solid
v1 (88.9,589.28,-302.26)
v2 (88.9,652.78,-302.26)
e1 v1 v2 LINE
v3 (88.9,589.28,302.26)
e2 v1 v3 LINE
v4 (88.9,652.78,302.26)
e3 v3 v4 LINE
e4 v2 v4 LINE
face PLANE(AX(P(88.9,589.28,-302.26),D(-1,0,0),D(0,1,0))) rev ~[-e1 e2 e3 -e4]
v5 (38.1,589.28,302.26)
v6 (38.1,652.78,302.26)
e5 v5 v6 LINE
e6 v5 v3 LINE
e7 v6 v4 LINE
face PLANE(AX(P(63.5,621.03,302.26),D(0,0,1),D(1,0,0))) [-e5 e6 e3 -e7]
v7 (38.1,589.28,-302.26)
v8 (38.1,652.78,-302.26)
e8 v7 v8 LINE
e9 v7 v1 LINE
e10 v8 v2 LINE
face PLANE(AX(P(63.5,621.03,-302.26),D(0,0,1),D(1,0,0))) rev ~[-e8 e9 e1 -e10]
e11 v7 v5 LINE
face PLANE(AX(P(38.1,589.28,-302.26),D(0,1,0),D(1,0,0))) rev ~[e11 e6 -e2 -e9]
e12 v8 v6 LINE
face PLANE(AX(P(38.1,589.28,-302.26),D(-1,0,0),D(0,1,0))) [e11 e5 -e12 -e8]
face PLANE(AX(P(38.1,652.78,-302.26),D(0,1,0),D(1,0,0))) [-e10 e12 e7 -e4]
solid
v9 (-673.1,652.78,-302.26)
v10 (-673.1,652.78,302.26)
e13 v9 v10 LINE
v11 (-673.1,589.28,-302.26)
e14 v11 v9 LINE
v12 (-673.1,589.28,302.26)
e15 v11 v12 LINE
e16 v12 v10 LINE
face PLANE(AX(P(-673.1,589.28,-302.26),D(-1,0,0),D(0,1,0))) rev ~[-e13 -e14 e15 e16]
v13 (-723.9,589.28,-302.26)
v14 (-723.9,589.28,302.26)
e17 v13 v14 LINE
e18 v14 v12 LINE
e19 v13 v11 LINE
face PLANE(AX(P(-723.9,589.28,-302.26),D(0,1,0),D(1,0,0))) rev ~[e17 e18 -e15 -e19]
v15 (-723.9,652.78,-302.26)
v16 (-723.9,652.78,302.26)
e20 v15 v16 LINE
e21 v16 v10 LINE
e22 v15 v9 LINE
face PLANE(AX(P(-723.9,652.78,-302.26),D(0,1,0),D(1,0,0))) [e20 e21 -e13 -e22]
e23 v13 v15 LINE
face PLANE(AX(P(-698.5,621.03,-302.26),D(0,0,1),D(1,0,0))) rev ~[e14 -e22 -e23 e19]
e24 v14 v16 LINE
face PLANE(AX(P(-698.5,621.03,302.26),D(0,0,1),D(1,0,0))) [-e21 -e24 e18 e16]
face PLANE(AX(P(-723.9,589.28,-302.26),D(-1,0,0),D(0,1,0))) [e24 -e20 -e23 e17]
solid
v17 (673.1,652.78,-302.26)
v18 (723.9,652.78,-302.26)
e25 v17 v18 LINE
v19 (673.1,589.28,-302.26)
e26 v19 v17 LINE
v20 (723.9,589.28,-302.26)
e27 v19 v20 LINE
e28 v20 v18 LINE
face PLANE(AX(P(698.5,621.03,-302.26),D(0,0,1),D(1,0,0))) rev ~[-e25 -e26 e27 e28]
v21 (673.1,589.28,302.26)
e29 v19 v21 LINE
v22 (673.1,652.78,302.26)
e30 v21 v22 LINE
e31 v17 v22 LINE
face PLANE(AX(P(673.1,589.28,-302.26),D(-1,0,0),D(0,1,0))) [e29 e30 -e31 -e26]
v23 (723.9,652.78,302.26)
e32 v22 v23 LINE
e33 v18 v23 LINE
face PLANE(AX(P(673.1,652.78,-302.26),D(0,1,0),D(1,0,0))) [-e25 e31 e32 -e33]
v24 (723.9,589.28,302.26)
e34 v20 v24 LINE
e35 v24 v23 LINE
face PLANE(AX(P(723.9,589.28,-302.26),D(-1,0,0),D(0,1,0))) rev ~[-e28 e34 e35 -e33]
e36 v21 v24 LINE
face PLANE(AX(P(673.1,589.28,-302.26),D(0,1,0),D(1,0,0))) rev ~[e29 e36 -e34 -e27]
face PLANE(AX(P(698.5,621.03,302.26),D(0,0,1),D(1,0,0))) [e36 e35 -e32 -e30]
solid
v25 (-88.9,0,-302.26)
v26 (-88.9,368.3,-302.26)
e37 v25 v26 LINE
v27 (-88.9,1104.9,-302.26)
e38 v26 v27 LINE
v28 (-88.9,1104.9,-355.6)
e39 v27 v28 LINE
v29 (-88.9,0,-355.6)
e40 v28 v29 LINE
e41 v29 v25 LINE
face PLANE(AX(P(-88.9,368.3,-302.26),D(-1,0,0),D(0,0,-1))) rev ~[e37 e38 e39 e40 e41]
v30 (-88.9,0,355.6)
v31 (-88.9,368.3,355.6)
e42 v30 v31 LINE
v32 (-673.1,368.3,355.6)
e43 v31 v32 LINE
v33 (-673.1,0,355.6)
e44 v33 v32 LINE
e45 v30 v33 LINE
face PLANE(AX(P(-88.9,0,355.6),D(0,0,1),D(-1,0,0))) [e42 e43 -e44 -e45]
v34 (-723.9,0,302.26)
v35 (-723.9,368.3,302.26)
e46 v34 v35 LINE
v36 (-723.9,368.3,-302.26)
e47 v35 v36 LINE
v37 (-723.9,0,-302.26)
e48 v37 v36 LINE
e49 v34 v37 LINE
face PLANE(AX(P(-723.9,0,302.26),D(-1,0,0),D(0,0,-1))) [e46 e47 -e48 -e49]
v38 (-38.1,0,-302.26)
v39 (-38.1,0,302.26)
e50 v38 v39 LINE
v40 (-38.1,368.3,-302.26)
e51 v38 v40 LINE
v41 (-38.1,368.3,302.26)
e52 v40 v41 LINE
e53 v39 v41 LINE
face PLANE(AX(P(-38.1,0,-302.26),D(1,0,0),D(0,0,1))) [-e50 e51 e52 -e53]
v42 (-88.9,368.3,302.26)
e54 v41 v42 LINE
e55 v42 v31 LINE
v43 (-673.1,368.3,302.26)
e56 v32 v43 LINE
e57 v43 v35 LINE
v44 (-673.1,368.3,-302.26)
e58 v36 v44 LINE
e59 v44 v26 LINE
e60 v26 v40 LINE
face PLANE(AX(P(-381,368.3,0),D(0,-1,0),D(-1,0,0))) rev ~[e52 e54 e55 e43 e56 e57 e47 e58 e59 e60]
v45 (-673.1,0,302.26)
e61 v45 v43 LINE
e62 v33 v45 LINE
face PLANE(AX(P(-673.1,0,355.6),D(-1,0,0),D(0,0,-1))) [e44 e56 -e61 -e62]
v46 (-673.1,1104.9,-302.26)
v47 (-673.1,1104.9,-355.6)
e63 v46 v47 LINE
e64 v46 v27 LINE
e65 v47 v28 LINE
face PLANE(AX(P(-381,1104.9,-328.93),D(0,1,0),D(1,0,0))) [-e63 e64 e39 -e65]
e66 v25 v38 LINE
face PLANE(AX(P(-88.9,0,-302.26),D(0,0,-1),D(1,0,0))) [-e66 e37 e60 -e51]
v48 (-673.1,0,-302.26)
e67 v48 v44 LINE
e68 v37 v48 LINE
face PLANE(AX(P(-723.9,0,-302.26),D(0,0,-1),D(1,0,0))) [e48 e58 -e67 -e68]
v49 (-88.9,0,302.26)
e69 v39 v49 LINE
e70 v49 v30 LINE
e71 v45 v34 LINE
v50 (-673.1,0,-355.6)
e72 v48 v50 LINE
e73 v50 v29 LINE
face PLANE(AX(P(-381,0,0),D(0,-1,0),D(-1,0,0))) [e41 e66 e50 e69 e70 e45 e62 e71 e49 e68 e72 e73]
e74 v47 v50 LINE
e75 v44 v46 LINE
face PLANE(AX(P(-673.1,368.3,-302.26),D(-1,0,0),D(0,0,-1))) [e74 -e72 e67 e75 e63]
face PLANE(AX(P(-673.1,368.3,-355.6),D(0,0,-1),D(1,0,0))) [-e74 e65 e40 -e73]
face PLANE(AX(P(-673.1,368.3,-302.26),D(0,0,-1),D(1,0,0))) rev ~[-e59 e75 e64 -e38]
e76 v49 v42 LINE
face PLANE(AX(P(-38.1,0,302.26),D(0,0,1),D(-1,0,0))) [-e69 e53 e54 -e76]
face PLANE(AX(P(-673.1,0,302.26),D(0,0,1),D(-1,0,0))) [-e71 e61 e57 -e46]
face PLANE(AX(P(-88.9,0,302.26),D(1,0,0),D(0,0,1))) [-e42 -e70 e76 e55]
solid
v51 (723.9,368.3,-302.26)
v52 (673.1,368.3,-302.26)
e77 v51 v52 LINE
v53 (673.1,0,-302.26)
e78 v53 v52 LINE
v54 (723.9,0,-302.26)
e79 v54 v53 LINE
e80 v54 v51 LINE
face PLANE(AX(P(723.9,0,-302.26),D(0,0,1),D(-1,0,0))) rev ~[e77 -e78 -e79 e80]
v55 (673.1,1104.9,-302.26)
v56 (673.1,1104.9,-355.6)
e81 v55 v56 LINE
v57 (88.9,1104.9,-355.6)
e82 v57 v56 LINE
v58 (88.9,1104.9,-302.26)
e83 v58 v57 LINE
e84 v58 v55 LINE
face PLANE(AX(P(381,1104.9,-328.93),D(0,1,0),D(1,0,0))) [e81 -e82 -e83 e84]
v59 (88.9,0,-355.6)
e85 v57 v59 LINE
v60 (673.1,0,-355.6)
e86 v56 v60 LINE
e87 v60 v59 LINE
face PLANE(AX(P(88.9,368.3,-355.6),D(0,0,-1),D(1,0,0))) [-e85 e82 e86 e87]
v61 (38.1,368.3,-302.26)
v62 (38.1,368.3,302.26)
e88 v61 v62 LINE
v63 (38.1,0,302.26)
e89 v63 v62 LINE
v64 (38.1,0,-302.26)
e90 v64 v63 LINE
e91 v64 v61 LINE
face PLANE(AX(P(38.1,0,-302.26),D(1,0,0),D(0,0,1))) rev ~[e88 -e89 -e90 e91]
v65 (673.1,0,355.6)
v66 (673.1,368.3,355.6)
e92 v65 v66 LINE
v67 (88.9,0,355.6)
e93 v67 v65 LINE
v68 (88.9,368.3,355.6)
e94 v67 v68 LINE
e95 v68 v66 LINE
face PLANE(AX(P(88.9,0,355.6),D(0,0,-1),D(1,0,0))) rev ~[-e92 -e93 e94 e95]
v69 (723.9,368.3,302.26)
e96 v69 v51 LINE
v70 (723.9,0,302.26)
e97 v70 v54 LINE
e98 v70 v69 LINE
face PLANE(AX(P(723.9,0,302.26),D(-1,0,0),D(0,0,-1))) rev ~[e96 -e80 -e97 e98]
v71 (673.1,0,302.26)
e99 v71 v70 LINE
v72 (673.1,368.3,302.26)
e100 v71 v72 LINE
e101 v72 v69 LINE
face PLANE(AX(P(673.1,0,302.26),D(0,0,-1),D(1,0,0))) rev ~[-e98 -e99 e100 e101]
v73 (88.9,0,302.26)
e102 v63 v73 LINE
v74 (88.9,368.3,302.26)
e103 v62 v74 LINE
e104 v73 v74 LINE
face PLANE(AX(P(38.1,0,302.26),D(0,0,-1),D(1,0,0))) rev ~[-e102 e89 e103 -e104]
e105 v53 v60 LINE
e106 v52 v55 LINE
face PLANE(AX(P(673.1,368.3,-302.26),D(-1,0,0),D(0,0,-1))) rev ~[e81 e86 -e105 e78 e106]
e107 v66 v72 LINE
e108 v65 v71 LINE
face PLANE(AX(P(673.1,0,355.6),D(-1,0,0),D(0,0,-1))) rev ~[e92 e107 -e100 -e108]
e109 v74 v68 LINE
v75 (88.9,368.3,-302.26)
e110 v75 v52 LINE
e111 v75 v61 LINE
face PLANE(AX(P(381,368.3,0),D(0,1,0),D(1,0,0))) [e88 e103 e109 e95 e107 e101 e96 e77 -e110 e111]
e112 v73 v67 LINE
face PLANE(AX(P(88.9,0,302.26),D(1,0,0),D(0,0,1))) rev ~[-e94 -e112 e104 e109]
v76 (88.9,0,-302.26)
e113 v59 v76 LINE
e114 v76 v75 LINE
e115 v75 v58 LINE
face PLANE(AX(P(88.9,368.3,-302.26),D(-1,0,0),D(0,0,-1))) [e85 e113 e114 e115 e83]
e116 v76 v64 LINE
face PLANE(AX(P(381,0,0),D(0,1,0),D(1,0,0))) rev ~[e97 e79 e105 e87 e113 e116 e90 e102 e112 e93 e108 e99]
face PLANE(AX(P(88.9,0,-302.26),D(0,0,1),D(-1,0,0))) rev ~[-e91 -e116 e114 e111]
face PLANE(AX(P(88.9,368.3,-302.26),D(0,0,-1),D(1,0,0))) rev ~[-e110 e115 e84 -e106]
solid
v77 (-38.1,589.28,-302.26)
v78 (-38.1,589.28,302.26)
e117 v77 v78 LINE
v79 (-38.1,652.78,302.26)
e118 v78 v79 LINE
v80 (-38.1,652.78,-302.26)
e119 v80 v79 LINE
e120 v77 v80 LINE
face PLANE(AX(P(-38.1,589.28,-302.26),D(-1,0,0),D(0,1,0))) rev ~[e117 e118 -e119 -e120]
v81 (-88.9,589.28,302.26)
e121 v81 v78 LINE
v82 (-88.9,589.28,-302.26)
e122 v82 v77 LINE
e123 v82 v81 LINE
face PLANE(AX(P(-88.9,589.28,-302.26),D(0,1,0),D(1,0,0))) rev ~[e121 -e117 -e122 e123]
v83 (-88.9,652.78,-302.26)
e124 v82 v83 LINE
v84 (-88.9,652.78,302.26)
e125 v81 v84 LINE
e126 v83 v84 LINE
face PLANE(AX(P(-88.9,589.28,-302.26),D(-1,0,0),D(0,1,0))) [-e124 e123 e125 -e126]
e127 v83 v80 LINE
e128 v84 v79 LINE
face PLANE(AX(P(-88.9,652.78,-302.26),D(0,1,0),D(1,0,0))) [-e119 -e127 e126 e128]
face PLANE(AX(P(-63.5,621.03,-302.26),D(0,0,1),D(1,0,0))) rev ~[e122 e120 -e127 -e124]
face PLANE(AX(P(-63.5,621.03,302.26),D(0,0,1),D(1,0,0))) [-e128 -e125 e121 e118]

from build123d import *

# Parameters (mm, degrees)
BOSS_EXTRUDE1_DEPTH   = 368.3
BOSS_EXTRUDE1_2_DEPTH = 368.3
SKETCH2_W             = 584.2
SKETCH2_H             = 53.34
BOSS_EXTRUDE2_DEPTH   = 736.6
SKETCH3_W             = 50.8
SKETCH3_H             = 63.5
BOSS_EXTRUDE3_DEPTH   = 604.52
BOSS_EXTRUDE3_2_DEPTH = 604.52
BOSS_EXTRUDE3_3_DEPTH = 604.52
BOSS_EXTRUDE3_4_DEPTH = 604.52


with BuildPart() as part:
    # Sketch1 → Boss-Extrude1 (new body)
    with BuildSketch(Plane(origin=(0, 0, 0), x_dir=(1, 0, 0), z_dir=(0, 1, 0))):
        Polygon((-723.9, 302.26), (-673.1, 302.26), (-673.1, 355.6), (-88.9, 355.6), (-88.9, 302.26), (-38.1, 302.26), (-38.1, -302.26), (-88.9, -302.26), (-88.9, -355.6), (-673.1, -355.6), (-673.1, -302.26), (-723.9, -302.26), align=None)
    extrude(amount=BOSS_EXTRUDE1_DEPTH)



with BuildPart() as body_2:
    # Sketch1 → Boss-Extrude1 2 (new body)
    with BuildSketch(Plane(origin=(0, 0, 0), x_dir=(1, 0, 0), z_dir=(0, 1, 0))):
        Polygon((88.9, -355.6), (673.1, -355.6), (673.1, -302.26), (723.9, -302.26), (723.9, 302.26), (673.1, 302.26), (673.1, 355.6), (88.9, 355.6), (88.9, 302.26), (38.1, 302.26), (38.1, -302.26), (88.9, -302.26), align=None)
    extrude(amount=BOSS_EXTRUDE1_2_DEPTH)


with BuildPart() as part_1:
    add(part.part)

    add(body_2.part)  # Boss-Extrude2 merges body 2
    # Sketch2 → Boss-Extrude2 (add)
    with BuildSketch(Plane(origin=(0, 368.3, 0), x_dir=(1, 0, 0), z_dir=(0, 1, 0))):
        with Locations((-381, 328.93)):
            Rectangle(SKETCH2_W, SKETCH2_H)
        with Locations((381, 328.93)):
            Rectangle(SKETCH2_W, SKETCH2_H)
    extrude(amount=BOSS_EXTRUDE2_DEPTH)


with BuildPart() as body_2_2:
    # Sketch3 → Boss-Extrude3 (new body)
    with BuildSketch(Plane.XY.offset(-302.26)):
        with Locations((-698.5, 621.03)):
            Rectangle(SKETCH3_W, SKETCH3_H)
    extrude(amount=BOSS_EXTRUDE3_DEPTH)


with BuildPart() as body_3:
    # Sketch3 → Boss-Extrude3 2 (new body)
    with BuildSketch(Plane.XY.offset(-302.26)):
        with Locations((698.5, 621.03)):
            Rectangle(SKETCH3_W, SKETCH3_H)
    extrude(amount=BOSS_EXTRUDE3_2_DEPTH)


with BuildPart() as body_4:
    # Sketch3 → Boss-Extrude3 3 (new body)
    with BuildSketch(Plane.XY.offset(-302.26)):
        with Locations((-63.5, 621.03)):
            Rectangle(SKETCH3_W, SKETCH3_H)
    extrude(amount=BOSS_EXTRUDE3_3_DEPTH)


with BuildPart() as body_5:
    # Sketch3 → Boss-Extrude3 4 (new body)
    with BuildSketch(Plane.XY.offset(-302.26)):
        with Locations((63.5, 621.03)):
            Rectangle(SKETCH3_W, SKETCH3_H)
    extrude(amount=BOSS_EXTRUDE3_4_DEPTH)


solid = Compound([part_1.part, body_2_2.part, body_3.part, body_4.part, body_5.part])
